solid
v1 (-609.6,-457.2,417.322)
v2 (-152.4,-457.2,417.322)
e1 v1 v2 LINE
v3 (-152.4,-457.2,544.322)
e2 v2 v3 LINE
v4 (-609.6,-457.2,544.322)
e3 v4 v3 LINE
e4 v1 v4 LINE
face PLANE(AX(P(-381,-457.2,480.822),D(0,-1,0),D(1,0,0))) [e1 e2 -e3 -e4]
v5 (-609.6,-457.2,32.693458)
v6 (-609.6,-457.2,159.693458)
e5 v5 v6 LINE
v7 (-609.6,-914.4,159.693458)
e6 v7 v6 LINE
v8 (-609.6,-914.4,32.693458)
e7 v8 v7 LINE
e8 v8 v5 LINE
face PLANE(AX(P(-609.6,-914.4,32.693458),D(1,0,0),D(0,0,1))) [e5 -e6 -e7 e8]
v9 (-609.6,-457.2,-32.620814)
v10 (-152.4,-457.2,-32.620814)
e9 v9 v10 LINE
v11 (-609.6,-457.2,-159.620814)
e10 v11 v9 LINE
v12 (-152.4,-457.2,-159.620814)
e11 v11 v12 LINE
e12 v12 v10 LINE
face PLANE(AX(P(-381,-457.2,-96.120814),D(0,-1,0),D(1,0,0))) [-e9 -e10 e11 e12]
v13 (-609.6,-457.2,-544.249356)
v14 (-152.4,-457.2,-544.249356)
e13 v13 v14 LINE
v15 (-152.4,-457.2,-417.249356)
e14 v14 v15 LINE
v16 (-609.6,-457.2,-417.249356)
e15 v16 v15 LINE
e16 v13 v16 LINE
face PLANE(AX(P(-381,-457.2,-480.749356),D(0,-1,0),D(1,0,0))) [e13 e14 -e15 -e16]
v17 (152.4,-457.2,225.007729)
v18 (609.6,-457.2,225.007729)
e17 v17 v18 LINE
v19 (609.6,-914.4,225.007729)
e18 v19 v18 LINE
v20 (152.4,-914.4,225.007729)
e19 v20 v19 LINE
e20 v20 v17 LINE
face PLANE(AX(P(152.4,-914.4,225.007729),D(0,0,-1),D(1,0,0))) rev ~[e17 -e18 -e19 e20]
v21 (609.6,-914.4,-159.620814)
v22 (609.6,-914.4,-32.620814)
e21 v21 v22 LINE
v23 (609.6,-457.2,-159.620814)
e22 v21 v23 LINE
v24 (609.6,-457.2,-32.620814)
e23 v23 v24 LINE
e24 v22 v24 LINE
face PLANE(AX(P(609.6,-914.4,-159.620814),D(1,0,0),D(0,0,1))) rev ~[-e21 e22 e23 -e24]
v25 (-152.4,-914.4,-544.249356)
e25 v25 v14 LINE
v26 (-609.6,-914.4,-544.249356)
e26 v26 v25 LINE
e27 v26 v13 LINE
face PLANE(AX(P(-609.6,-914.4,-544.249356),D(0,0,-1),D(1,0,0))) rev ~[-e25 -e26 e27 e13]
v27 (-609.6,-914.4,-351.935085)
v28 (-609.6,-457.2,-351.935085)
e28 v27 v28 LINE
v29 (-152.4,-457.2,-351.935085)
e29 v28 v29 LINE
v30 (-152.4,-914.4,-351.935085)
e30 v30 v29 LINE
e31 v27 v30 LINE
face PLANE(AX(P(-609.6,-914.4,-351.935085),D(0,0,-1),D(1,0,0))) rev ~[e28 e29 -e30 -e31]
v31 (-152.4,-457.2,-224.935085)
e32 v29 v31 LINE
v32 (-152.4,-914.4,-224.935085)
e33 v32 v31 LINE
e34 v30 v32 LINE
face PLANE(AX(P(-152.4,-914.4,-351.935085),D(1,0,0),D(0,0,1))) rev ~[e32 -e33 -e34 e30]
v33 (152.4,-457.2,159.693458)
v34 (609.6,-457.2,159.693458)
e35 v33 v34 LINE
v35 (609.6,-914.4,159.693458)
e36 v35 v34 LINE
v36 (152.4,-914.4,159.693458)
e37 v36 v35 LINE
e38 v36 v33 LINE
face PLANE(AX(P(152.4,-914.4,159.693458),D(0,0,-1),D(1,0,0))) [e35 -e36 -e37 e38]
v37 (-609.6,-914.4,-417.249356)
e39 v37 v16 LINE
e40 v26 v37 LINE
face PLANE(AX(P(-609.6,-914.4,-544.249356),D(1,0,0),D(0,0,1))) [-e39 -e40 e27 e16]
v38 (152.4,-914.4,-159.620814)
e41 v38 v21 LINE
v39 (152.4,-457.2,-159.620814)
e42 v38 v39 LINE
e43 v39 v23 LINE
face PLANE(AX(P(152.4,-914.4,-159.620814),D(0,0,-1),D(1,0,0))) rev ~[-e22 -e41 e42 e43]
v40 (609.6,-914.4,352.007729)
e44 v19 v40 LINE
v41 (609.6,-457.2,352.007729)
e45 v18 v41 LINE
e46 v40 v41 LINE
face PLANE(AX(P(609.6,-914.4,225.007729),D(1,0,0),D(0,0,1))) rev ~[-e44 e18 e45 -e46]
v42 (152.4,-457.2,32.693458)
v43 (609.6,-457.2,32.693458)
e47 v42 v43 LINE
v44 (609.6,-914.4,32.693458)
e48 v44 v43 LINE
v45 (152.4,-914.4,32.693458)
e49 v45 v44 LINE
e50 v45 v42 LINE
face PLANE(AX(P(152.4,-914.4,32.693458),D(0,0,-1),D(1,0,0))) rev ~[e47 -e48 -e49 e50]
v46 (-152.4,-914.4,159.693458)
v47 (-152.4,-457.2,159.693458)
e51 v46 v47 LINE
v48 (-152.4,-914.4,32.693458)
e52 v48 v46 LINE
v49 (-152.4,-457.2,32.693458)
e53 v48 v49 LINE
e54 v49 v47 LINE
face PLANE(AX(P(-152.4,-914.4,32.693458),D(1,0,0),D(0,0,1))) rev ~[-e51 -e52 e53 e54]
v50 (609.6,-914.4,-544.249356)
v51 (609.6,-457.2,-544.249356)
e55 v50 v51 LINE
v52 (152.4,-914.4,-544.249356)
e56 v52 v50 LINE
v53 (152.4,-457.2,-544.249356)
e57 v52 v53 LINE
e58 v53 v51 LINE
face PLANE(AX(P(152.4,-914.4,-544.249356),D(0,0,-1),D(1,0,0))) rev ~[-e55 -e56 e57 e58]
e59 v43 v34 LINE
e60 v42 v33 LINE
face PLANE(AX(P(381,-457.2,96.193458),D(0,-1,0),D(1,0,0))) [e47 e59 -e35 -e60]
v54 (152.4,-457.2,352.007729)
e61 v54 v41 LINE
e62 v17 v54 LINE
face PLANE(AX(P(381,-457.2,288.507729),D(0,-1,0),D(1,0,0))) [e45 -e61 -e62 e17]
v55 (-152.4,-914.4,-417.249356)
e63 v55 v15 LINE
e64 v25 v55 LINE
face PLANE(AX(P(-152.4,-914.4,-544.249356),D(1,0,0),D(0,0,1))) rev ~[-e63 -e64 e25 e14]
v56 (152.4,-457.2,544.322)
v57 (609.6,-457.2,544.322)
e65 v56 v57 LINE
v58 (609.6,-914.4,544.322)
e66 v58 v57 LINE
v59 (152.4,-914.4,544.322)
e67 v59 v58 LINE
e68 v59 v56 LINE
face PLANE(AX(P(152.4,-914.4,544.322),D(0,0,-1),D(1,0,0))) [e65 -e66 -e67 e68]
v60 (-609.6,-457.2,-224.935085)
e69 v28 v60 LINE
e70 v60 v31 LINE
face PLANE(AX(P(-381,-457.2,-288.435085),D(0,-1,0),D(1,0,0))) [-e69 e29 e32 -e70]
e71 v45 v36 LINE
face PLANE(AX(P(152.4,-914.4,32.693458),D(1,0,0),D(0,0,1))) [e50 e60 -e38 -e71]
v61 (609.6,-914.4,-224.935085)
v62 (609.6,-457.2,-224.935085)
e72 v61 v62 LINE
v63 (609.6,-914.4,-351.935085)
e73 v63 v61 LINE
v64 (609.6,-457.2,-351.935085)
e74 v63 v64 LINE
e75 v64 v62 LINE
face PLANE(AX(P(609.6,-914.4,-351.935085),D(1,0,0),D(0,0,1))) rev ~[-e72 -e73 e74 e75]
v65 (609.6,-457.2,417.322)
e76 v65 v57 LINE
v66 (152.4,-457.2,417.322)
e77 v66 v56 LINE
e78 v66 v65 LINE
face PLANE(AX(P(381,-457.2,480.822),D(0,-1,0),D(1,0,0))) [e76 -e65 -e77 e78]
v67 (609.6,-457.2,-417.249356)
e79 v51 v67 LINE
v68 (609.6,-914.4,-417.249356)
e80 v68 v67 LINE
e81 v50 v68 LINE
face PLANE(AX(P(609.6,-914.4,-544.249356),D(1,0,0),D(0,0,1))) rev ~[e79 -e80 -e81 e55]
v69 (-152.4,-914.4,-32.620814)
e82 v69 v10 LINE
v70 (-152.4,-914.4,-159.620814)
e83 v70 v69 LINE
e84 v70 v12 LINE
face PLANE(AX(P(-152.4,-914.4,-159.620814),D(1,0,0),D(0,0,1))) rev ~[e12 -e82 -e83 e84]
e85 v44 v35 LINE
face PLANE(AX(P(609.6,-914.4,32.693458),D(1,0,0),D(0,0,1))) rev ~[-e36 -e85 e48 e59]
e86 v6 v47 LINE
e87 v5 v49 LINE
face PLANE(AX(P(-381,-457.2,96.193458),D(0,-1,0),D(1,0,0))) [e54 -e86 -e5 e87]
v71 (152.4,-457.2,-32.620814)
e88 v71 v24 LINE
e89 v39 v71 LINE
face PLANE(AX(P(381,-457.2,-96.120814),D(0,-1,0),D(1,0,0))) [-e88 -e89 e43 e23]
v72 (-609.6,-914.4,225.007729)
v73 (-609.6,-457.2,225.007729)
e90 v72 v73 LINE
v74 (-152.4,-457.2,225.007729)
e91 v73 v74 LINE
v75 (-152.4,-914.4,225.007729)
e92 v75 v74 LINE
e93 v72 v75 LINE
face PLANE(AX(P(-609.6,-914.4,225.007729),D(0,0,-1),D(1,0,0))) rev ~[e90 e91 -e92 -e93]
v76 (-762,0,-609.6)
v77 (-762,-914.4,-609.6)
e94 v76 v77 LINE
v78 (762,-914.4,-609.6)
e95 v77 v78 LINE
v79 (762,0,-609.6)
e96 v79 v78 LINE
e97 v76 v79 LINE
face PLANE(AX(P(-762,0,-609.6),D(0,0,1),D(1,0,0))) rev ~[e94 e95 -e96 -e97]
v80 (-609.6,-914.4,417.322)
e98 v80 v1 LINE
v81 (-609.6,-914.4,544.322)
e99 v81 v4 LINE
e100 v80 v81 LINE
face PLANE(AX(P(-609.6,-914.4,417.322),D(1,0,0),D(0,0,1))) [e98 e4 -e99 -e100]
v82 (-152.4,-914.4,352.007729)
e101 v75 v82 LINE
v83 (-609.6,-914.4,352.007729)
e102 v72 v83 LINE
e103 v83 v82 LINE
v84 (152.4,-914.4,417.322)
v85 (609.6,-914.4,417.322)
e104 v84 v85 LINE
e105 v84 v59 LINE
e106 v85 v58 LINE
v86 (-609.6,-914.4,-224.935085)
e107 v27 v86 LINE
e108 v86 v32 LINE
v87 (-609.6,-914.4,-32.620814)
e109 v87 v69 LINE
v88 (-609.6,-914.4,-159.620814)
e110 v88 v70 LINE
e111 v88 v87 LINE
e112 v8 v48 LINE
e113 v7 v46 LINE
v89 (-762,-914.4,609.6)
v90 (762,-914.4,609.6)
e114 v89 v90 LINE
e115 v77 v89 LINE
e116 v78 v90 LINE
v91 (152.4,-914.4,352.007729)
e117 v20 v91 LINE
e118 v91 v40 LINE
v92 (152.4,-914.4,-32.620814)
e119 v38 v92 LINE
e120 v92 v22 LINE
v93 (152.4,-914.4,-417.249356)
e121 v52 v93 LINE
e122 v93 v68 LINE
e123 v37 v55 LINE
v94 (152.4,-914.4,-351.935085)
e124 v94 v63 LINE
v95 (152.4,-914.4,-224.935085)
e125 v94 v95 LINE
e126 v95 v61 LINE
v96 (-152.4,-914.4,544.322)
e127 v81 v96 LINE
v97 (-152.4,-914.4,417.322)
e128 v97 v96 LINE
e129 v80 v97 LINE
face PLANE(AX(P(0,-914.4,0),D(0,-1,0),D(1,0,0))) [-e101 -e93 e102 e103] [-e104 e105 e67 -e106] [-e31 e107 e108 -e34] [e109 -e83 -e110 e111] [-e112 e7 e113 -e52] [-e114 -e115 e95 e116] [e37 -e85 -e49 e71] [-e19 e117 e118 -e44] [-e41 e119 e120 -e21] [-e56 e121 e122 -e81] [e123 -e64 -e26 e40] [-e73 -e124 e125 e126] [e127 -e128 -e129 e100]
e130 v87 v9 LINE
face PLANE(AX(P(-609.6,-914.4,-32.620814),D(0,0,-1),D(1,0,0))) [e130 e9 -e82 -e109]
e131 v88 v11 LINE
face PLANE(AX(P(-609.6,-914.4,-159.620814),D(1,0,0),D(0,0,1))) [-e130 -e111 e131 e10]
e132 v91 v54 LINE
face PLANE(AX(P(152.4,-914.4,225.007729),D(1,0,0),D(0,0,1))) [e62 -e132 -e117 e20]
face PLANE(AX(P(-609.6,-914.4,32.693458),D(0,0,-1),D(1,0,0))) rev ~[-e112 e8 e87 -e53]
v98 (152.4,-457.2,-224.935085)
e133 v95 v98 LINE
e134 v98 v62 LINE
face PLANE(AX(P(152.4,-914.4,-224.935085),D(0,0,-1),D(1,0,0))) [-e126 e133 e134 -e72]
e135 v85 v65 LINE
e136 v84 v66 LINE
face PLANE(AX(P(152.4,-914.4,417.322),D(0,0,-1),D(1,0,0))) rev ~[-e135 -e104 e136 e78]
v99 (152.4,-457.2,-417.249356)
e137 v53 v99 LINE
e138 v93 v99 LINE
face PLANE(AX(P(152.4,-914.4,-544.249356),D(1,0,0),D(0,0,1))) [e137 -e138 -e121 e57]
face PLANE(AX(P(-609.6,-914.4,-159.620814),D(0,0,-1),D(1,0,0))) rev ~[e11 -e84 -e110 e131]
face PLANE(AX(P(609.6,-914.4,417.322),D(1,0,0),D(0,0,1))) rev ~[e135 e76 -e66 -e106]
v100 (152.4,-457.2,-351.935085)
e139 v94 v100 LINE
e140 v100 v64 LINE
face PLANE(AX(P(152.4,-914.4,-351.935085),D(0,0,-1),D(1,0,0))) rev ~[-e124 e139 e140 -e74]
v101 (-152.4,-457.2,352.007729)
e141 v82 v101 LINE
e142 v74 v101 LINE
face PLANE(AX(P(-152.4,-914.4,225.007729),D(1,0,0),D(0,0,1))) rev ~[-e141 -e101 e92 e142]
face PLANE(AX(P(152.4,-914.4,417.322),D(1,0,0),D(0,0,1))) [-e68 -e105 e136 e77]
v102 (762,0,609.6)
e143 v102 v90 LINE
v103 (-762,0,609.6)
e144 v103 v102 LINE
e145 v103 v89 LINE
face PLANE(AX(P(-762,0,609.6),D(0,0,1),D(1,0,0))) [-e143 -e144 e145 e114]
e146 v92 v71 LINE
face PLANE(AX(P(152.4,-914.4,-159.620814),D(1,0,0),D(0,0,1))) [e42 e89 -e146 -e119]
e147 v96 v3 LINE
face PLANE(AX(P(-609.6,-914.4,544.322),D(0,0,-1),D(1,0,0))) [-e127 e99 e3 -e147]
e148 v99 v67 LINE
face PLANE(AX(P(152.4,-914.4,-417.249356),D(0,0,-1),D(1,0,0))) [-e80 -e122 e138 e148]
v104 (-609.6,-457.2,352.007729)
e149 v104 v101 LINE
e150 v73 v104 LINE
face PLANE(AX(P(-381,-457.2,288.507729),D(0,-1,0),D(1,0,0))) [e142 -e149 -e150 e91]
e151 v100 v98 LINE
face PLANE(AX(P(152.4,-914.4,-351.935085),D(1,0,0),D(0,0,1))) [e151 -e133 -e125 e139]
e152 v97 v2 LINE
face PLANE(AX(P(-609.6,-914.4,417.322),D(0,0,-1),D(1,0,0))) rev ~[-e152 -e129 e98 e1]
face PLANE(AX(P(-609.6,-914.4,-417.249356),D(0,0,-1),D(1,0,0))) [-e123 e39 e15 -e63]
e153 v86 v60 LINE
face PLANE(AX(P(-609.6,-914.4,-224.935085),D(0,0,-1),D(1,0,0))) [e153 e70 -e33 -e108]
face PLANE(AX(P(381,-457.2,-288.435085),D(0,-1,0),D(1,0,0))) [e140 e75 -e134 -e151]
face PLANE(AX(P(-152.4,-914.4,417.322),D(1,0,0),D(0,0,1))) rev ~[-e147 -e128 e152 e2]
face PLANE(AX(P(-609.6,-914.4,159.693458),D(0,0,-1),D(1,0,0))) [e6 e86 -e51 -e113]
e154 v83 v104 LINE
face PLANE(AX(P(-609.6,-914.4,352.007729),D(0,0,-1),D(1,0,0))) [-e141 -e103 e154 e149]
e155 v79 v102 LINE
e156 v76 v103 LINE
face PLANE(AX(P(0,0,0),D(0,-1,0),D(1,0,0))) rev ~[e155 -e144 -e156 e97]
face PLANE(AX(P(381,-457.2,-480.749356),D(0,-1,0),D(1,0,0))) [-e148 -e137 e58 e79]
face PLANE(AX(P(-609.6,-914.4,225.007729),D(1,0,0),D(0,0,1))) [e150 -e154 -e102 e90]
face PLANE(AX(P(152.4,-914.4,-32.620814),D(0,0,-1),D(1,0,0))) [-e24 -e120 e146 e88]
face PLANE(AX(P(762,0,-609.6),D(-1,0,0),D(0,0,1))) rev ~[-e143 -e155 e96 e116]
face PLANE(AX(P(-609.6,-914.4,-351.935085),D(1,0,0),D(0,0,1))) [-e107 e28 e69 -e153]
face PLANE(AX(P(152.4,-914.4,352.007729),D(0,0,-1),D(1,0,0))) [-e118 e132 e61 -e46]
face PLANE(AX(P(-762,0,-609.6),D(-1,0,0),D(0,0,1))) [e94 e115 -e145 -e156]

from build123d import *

# Parameters (mm, degrees)
F0_W     = 1524
F0_H     = 1219.2
F1_DEPTH = 914.4
F2_W     = 457.2
F2_H     = 127
F3_DEPTH = 457.2


with BuildPart() as f1:
    # F0 (on Front) → F1 (new body)
    with BuildSketch(Plane.XZ):
        Rectangle(F0_W, F0_H)
    extrude(amount=F1_DEPTH)

    # F2 (on face) → F3 (cut)
    with BuildSketch(Plane.XZ.offset(914.4)):
        with Locations((-381, 480.822)):
            Rectangle(F2_W, F2_H)
        with Locations((381, 480.822)):
            Rectangle(F2_W, F2_H)
        with Locations((-381, 288.507729)):
            Rectangle(F2_W, F2_H)
        with Locations((381, 288.507729)):
            Rectangle(F2_W, F2_H)
        with Locations((-381, 96.193458)):
            Rectangle(F2_W, F2_H)
        with Locations((381, 96.193458)):
            Rectangle(F2_W, F2_H)
        with Locations((-381, -96.120814)):
            Rectangle(F2_W, F2_H)
        with Locations((381, -96.120814)):
            Rectangle(F2_W, F2_H)
        with Locations((-381, -288.435085)):
            Rectangle(F2_W, F2_H)
        with Locations((381, -288.435085)):
            Rectangle(F2_W, F2_H)
        with Locations((-381, -480.749356)):
            Rectangle(F2_W, F2_H)
        with Locations((381, -480.749356)):
            Rectangle(F2_W, F2_H)
    extrude(amount=-F3_DEPTH, mode=Mode.SUBTRACT)


solid = f1.part
